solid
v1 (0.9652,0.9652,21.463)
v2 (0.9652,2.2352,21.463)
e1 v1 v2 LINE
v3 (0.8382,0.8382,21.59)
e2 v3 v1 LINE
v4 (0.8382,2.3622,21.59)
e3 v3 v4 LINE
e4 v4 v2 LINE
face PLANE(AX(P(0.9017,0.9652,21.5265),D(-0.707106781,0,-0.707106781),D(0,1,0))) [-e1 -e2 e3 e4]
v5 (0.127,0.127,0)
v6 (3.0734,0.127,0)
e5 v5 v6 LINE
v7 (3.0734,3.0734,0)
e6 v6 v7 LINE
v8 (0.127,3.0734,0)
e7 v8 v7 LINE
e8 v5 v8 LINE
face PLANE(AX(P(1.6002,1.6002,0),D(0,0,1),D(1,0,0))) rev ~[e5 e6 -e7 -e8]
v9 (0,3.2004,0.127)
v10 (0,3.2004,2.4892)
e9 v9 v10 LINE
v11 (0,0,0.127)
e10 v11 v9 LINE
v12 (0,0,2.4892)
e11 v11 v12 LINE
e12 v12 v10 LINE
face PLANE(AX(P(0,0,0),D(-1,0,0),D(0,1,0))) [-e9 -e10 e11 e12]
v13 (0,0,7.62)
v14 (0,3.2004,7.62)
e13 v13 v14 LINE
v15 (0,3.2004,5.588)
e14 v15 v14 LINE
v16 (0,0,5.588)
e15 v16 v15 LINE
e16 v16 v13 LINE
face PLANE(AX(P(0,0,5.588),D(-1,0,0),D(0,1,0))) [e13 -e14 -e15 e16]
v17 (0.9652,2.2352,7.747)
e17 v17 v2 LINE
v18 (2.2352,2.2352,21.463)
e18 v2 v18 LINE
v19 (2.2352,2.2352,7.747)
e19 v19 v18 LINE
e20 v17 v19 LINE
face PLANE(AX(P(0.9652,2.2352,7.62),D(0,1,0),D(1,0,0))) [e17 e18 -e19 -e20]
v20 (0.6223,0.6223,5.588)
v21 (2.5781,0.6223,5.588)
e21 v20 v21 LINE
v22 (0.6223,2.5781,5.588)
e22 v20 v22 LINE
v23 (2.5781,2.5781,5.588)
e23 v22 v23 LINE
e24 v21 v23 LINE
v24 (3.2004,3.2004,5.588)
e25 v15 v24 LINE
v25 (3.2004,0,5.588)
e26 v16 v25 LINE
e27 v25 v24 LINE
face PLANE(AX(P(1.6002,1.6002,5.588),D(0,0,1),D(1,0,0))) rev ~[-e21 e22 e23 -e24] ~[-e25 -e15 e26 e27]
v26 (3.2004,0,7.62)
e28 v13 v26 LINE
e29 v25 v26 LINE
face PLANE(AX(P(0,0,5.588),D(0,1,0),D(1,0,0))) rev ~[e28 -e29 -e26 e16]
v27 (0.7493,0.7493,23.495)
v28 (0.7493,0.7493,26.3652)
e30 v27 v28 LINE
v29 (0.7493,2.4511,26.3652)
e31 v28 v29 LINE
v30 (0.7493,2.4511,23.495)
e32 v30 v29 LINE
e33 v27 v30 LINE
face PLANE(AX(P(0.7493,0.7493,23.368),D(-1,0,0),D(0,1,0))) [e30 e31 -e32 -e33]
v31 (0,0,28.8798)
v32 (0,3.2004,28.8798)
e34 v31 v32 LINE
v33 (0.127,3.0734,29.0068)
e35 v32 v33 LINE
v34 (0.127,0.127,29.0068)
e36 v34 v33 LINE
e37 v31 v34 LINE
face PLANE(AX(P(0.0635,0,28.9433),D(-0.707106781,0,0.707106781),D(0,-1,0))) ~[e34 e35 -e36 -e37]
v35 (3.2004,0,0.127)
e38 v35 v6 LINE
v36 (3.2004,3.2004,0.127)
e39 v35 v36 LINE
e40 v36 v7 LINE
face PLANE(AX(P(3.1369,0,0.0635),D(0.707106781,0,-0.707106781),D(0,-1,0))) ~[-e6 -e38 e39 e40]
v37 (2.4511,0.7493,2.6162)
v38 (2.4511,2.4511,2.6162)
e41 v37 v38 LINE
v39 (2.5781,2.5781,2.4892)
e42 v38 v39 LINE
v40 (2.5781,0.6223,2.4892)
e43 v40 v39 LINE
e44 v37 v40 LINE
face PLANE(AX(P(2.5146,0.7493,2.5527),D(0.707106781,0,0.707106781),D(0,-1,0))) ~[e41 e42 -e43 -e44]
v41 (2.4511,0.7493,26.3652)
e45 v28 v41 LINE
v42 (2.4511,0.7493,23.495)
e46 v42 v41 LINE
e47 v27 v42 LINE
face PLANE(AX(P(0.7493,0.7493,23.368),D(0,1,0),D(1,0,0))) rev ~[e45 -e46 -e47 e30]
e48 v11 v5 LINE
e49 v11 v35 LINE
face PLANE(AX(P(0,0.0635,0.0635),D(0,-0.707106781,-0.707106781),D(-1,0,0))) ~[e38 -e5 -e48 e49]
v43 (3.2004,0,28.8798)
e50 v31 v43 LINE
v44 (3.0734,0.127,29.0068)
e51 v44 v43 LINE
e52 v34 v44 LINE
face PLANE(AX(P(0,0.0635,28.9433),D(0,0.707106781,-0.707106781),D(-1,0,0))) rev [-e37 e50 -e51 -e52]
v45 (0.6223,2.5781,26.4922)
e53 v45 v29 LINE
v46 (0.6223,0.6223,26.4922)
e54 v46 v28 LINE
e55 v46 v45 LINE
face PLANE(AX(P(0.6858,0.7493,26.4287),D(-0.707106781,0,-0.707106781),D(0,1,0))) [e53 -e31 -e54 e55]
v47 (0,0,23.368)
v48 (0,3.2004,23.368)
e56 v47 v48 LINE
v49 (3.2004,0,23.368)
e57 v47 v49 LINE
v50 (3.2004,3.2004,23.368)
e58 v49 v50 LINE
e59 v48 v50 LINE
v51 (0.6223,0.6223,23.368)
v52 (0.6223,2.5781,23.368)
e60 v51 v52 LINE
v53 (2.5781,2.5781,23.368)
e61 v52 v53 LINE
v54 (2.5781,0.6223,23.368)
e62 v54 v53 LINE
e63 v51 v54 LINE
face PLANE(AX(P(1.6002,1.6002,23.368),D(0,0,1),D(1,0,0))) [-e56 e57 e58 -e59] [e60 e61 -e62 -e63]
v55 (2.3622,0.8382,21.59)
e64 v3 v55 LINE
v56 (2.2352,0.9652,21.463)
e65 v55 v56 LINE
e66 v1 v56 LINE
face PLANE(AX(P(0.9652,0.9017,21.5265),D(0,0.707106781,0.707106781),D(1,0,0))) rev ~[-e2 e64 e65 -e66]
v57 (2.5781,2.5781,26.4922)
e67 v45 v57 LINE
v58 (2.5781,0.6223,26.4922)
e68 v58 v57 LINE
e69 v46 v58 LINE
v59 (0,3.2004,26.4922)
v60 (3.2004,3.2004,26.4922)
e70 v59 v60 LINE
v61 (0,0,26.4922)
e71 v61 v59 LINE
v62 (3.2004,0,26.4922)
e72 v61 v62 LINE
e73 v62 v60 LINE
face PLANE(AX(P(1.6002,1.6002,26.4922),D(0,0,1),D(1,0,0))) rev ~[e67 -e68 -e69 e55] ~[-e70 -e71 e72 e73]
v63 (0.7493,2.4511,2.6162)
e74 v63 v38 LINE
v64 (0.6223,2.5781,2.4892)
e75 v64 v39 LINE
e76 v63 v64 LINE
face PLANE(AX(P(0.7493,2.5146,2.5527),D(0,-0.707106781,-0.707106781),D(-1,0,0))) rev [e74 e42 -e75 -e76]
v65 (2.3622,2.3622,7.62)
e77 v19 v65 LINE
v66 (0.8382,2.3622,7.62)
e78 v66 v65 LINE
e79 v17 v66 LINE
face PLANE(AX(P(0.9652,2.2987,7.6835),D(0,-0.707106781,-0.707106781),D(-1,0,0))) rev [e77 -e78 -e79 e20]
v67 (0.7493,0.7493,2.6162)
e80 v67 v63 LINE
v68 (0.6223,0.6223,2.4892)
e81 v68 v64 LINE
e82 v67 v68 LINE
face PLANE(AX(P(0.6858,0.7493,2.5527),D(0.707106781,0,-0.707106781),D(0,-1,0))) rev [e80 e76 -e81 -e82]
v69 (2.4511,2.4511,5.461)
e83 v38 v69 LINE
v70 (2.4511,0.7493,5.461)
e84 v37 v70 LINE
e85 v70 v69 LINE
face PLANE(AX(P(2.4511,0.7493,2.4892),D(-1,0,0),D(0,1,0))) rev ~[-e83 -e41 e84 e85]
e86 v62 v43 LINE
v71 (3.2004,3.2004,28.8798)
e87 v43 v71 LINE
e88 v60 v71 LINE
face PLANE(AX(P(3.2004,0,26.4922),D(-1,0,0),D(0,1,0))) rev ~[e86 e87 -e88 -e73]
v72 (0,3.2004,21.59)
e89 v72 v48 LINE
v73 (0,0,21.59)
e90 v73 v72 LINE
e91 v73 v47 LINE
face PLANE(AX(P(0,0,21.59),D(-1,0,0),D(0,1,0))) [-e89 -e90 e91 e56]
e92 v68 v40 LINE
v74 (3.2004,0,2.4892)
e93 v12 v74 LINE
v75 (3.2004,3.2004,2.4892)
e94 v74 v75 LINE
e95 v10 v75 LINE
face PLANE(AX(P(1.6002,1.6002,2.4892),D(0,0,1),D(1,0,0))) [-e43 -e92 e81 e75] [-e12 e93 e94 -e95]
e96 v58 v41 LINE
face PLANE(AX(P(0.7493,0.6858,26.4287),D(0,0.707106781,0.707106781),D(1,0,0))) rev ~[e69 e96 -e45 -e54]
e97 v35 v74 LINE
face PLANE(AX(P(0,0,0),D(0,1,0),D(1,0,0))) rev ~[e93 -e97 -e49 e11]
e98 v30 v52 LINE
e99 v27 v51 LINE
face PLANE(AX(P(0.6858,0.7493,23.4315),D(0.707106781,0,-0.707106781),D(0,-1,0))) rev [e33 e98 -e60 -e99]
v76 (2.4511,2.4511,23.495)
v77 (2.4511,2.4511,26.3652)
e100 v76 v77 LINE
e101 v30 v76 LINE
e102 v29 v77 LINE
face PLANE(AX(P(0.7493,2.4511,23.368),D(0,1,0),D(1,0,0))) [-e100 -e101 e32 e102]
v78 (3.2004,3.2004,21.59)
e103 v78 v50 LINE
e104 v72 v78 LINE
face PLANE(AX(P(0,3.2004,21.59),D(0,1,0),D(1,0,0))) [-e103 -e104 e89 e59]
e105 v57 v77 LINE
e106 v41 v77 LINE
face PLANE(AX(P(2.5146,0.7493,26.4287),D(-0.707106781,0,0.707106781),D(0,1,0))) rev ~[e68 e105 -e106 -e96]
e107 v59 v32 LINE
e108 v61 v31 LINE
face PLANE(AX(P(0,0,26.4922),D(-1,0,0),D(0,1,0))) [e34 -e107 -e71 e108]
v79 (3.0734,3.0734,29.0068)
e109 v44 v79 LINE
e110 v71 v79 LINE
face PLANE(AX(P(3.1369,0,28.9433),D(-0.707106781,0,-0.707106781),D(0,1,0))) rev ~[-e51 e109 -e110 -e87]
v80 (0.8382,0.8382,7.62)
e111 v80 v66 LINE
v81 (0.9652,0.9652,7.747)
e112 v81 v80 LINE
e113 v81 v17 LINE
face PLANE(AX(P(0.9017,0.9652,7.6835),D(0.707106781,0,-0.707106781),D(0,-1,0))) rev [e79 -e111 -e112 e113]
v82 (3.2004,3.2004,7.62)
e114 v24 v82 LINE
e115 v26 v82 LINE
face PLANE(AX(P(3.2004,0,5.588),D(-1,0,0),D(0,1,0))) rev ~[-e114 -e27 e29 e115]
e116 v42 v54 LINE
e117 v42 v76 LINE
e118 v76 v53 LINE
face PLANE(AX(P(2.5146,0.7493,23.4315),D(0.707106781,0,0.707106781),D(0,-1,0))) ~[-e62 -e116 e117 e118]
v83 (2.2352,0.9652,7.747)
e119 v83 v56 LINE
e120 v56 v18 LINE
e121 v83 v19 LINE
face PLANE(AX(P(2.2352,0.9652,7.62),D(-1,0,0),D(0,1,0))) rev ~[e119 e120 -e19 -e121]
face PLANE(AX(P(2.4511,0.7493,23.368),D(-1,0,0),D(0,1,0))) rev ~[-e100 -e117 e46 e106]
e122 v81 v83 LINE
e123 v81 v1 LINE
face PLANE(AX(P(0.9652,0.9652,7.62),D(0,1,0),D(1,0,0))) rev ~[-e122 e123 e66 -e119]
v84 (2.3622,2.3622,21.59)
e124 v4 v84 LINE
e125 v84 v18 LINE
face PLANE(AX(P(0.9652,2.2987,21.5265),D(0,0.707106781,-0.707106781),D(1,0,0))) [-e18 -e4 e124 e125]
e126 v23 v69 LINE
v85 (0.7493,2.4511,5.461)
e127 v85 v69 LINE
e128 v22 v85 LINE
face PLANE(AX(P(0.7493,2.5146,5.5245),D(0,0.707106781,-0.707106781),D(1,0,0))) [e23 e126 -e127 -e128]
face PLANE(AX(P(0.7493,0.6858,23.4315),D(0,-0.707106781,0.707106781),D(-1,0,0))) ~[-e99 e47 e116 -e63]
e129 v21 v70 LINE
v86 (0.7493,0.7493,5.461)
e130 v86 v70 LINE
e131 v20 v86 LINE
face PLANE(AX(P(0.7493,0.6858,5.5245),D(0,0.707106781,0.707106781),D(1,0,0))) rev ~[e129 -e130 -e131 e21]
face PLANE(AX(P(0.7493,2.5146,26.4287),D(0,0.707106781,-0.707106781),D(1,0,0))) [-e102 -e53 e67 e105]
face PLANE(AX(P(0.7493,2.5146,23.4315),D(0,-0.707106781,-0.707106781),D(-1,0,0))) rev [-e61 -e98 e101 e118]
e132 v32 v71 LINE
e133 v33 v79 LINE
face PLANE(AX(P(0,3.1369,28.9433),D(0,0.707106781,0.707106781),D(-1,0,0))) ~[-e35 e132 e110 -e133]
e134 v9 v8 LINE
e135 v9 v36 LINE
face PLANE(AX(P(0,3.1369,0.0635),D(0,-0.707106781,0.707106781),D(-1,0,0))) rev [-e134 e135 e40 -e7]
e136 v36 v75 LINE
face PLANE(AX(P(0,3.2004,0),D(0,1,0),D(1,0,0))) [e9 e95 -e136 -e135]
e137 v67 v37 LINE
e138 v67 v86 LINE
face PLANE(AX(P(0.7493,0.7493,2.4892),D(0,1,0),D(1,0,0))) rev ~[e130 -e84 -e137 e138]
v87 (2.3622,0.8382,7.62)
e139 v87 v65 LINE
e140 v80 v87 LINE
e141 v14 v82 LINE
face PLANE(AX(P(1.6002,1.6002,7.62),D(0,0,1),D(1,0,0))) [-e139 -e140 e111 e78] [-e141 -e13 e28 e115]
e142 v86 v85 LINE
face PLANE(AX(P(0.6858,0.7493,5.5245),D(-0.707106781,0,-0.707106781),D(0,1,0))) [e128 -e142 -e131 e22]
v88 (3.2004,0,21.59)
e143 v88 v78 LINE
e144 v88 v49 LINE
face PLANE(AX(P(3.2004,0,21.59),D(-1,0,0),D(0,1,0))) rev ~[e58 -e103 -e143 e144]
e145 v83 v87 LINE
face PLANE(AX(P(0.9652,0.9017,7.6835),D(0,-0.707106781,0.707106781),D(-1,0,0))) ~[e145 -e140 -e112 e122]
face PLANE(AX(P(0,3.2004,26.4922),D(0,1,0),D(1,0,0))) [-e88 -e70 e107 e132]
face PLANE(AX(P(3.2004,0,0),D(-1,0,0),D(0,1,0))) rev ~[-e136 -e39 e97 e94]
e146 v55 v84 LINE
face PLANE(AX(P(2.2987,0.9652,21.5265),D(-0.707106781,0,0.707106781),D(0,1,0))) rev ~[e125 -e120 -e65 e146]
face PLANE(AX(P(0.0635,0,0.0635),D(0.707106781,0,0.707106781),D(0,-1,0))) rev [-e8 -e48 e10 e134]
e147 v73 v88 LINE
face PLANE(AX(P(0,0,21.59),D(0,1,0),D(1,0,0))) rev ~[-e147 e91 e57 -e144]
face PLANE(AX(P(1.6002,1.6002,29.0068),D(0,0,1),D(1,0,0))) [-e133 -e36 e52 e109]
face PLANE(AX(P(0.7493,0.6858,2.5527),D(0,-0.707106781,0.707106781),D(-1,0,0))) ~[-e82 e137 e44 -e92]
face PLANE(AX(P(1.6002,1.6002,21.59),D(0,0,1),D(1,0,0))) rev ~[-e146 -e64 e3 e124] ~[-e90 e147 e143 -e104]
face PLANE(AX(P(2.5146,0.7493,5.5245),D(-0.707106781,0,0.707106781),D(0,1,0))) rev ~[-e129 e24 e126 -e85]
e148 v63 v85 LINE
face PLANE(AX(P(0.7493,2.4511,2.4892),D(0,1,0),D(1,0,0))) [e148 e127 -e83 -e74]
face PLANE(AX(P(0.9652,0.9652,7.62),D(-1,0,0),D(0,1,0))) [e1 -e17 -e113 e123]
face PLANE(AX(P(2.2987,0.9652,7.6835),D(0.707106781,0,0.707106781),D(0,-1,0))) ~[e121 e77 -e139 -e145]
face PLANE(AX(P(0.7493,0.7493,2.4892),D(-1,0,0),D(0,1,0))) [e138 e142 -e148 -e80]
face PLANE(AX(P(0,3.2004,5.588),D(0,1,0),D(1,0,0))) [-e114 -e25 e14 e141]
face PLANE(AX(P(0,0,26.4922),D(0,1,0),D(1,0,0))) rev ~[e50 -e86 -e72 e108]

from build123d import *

# Parameters (mm, degrees)
F0_W      = 3.2004
F0_H      = 3.2004
F1_DEPTH  = 2.4892
F2_W      = 1.7018
F2_H      = 1.7018
F3_DEPTH  = 3.0988
F4_W      = 3.2004
F4_H      = 3.2004
F4_W_2    = 1.7018
F4_H_2    = 1.7018
F5_DEPTH  = 2.032
F6_W      = 1.27
F6_H      = 1.27
F7_DEPTH  = 13.97
F8_W      = 3.2004
F8_H      = 3.2004
F8_W_2    = 1.27
F8_H_2    = 1.27
F9_DEPTH  = 1.778
F10_W     = 1.7018
F10_H     = 1.7018
F11_DEPTH = 3.1242
F12_W     = 3.2004
F12_H     = 3.2004
F12_W_2   = 1.7018
F12_H_2   = 1.7018
F13_DEPTH = 2.5146
F14_SIZE2 = 0.127
F14_SIZE  = 0.127


with BuildPart() as f1:
    # F0 (on Top) → F1 (new body)
    with BuildSketch(Plane.XY):
        with Locations((1.6002, 1.6002)):
            Rectangle(F0_W, F0_H)
    extrude(amount=F1_DEPTH)

    # F2 (on face) → F3 (join)
    with BuildSketch(Plane.XY.offset(2.4892)):
        with Locations((1.6002, 1.6002)):
            Rectangle(F2_W, F2_H)
    extrude(amount=F3_DEPTH)

    # F4 (on face) → F5 (join)
    with BuildSketch(Plane.XY.offset(5.588)):
        with Locations((1.6002, 1.6002)):
            Rectangle(F4_W, F4_H)
        with Locations((1.6002, 1.6002)):
            Rectangle(F4_W_2, F4_H_2, mode=Mode.SUBTRACT)
        with Locations((1.6002, 1.6002)):
            Rectangle(F4_W_2, F4_H_2)
    extrude(amount=F5_DEPTH)

    # F6 (on face) → F7 (join)
    with BuildSketch(Plane.XY.offset(7.62)):
        with Locations((1.6002, 1.6002)):
            Rectangle(F6_W, F6_H)
    extrude(amount=F7_DEPTH)

    # F8 (on face) → F9 (join)
    with BuildSketch(Plane.XY.offset(21.59)):
        with Locations((1.6002, 1.6002)):
            Rectangle(F8_W, F8_H)
        with Locations((1.6002, 1.6002)):
            Rectangle(F8_W_2, F8_H_2, mode=Mode.SUBTRACT)
        with Locations((1.6002, 1.6002)):
            Rectangle(F8_W_2, F8_H_2)
    extrude(amount=F9_DEPTH)

    # F10 (on face) → F11 (join)
    with BuildSketch(Plane.XY.offset(23.368)):
        with Locations((1.6002, 1.6002)):
            Rectangle(F10_W, F10_H)
    extrude(amount=F11_DEPTH)

    # F12 (on face) → F13 (join)
    with BuildSketch(Plane.XY.offset(26.4922)):
        with Locations((1.6002, 1.6002)):
            Rectangle(F12_W, F12_H)
        with Locations((1.6002, 1.6002)):
            Rectangle(F12_W_2, F12_H_2, mode=Mode.SUBTRACT)
        with Locations((1.6002, 1.6002)):
            Rectangle(F12_W_2, F12_H_2)
    extrude(amount=F13_DEPTH)

    # F14
    f14_edges = [f1.edges().sort_by_distance(p)[0] for p in [
        (0.7493, 1.6002, 23.368),
        (1.6002, 0.7493, 23.368),
        (0, 1.6002, 29.0068),
        (1.6002, 3.2004, 29.0068),
        (3.2004, 1.6002, 29.0068),
        (1.6002, 0, 29.0068),
        (0.9652, 1.6002, 7.62),
        (1.6002, 0.9652, 7.62),
        (0.7493, 1.6002, 2.4892),
        (1.6002, 0.7493, 2.4892),
        (0, 1.6002, 0),
        (1.6002, 0, 0),
        (0.7493, 1.6002, 26.4922),
        (1.6002, 0.7493, 26.4922),
        (0.9652, 1.6002, 21.59),
        (1.6002, 0.9652, 21.59),
        (0.7493, 1.6002, 5.588),
        (1.6002, 0.7493, 5.588),
        (3.2004, 1.6002, 0),
        (1.6002, 3.2004, 0),
        (2.4511, 1.6002, 26.4922),
        (1.6002, 2.4511, 26.4922),
        (2.2352, 1.6002, 21.59),
        (1.6002, 2.2352, 21.59),
        (2.4511, 1.6002, 5.588),
        (1.6002, 2.4511, 5.588),
        (2.4511, 1.6002, 23.368),
        (1.6002, 2.4511, 23.368),
        (2.2352, 1.6002, 7.62),
        (1.6002, 2.2352, 7.62),
        (2.4511, 1.6002, 2.4892),
        (1.6002, 2.4511, 2.4892),
    ]]
    chamfer(f14_edges, length=F14_SIZE, length2=F14_SIZE2)


solid = f1.part
